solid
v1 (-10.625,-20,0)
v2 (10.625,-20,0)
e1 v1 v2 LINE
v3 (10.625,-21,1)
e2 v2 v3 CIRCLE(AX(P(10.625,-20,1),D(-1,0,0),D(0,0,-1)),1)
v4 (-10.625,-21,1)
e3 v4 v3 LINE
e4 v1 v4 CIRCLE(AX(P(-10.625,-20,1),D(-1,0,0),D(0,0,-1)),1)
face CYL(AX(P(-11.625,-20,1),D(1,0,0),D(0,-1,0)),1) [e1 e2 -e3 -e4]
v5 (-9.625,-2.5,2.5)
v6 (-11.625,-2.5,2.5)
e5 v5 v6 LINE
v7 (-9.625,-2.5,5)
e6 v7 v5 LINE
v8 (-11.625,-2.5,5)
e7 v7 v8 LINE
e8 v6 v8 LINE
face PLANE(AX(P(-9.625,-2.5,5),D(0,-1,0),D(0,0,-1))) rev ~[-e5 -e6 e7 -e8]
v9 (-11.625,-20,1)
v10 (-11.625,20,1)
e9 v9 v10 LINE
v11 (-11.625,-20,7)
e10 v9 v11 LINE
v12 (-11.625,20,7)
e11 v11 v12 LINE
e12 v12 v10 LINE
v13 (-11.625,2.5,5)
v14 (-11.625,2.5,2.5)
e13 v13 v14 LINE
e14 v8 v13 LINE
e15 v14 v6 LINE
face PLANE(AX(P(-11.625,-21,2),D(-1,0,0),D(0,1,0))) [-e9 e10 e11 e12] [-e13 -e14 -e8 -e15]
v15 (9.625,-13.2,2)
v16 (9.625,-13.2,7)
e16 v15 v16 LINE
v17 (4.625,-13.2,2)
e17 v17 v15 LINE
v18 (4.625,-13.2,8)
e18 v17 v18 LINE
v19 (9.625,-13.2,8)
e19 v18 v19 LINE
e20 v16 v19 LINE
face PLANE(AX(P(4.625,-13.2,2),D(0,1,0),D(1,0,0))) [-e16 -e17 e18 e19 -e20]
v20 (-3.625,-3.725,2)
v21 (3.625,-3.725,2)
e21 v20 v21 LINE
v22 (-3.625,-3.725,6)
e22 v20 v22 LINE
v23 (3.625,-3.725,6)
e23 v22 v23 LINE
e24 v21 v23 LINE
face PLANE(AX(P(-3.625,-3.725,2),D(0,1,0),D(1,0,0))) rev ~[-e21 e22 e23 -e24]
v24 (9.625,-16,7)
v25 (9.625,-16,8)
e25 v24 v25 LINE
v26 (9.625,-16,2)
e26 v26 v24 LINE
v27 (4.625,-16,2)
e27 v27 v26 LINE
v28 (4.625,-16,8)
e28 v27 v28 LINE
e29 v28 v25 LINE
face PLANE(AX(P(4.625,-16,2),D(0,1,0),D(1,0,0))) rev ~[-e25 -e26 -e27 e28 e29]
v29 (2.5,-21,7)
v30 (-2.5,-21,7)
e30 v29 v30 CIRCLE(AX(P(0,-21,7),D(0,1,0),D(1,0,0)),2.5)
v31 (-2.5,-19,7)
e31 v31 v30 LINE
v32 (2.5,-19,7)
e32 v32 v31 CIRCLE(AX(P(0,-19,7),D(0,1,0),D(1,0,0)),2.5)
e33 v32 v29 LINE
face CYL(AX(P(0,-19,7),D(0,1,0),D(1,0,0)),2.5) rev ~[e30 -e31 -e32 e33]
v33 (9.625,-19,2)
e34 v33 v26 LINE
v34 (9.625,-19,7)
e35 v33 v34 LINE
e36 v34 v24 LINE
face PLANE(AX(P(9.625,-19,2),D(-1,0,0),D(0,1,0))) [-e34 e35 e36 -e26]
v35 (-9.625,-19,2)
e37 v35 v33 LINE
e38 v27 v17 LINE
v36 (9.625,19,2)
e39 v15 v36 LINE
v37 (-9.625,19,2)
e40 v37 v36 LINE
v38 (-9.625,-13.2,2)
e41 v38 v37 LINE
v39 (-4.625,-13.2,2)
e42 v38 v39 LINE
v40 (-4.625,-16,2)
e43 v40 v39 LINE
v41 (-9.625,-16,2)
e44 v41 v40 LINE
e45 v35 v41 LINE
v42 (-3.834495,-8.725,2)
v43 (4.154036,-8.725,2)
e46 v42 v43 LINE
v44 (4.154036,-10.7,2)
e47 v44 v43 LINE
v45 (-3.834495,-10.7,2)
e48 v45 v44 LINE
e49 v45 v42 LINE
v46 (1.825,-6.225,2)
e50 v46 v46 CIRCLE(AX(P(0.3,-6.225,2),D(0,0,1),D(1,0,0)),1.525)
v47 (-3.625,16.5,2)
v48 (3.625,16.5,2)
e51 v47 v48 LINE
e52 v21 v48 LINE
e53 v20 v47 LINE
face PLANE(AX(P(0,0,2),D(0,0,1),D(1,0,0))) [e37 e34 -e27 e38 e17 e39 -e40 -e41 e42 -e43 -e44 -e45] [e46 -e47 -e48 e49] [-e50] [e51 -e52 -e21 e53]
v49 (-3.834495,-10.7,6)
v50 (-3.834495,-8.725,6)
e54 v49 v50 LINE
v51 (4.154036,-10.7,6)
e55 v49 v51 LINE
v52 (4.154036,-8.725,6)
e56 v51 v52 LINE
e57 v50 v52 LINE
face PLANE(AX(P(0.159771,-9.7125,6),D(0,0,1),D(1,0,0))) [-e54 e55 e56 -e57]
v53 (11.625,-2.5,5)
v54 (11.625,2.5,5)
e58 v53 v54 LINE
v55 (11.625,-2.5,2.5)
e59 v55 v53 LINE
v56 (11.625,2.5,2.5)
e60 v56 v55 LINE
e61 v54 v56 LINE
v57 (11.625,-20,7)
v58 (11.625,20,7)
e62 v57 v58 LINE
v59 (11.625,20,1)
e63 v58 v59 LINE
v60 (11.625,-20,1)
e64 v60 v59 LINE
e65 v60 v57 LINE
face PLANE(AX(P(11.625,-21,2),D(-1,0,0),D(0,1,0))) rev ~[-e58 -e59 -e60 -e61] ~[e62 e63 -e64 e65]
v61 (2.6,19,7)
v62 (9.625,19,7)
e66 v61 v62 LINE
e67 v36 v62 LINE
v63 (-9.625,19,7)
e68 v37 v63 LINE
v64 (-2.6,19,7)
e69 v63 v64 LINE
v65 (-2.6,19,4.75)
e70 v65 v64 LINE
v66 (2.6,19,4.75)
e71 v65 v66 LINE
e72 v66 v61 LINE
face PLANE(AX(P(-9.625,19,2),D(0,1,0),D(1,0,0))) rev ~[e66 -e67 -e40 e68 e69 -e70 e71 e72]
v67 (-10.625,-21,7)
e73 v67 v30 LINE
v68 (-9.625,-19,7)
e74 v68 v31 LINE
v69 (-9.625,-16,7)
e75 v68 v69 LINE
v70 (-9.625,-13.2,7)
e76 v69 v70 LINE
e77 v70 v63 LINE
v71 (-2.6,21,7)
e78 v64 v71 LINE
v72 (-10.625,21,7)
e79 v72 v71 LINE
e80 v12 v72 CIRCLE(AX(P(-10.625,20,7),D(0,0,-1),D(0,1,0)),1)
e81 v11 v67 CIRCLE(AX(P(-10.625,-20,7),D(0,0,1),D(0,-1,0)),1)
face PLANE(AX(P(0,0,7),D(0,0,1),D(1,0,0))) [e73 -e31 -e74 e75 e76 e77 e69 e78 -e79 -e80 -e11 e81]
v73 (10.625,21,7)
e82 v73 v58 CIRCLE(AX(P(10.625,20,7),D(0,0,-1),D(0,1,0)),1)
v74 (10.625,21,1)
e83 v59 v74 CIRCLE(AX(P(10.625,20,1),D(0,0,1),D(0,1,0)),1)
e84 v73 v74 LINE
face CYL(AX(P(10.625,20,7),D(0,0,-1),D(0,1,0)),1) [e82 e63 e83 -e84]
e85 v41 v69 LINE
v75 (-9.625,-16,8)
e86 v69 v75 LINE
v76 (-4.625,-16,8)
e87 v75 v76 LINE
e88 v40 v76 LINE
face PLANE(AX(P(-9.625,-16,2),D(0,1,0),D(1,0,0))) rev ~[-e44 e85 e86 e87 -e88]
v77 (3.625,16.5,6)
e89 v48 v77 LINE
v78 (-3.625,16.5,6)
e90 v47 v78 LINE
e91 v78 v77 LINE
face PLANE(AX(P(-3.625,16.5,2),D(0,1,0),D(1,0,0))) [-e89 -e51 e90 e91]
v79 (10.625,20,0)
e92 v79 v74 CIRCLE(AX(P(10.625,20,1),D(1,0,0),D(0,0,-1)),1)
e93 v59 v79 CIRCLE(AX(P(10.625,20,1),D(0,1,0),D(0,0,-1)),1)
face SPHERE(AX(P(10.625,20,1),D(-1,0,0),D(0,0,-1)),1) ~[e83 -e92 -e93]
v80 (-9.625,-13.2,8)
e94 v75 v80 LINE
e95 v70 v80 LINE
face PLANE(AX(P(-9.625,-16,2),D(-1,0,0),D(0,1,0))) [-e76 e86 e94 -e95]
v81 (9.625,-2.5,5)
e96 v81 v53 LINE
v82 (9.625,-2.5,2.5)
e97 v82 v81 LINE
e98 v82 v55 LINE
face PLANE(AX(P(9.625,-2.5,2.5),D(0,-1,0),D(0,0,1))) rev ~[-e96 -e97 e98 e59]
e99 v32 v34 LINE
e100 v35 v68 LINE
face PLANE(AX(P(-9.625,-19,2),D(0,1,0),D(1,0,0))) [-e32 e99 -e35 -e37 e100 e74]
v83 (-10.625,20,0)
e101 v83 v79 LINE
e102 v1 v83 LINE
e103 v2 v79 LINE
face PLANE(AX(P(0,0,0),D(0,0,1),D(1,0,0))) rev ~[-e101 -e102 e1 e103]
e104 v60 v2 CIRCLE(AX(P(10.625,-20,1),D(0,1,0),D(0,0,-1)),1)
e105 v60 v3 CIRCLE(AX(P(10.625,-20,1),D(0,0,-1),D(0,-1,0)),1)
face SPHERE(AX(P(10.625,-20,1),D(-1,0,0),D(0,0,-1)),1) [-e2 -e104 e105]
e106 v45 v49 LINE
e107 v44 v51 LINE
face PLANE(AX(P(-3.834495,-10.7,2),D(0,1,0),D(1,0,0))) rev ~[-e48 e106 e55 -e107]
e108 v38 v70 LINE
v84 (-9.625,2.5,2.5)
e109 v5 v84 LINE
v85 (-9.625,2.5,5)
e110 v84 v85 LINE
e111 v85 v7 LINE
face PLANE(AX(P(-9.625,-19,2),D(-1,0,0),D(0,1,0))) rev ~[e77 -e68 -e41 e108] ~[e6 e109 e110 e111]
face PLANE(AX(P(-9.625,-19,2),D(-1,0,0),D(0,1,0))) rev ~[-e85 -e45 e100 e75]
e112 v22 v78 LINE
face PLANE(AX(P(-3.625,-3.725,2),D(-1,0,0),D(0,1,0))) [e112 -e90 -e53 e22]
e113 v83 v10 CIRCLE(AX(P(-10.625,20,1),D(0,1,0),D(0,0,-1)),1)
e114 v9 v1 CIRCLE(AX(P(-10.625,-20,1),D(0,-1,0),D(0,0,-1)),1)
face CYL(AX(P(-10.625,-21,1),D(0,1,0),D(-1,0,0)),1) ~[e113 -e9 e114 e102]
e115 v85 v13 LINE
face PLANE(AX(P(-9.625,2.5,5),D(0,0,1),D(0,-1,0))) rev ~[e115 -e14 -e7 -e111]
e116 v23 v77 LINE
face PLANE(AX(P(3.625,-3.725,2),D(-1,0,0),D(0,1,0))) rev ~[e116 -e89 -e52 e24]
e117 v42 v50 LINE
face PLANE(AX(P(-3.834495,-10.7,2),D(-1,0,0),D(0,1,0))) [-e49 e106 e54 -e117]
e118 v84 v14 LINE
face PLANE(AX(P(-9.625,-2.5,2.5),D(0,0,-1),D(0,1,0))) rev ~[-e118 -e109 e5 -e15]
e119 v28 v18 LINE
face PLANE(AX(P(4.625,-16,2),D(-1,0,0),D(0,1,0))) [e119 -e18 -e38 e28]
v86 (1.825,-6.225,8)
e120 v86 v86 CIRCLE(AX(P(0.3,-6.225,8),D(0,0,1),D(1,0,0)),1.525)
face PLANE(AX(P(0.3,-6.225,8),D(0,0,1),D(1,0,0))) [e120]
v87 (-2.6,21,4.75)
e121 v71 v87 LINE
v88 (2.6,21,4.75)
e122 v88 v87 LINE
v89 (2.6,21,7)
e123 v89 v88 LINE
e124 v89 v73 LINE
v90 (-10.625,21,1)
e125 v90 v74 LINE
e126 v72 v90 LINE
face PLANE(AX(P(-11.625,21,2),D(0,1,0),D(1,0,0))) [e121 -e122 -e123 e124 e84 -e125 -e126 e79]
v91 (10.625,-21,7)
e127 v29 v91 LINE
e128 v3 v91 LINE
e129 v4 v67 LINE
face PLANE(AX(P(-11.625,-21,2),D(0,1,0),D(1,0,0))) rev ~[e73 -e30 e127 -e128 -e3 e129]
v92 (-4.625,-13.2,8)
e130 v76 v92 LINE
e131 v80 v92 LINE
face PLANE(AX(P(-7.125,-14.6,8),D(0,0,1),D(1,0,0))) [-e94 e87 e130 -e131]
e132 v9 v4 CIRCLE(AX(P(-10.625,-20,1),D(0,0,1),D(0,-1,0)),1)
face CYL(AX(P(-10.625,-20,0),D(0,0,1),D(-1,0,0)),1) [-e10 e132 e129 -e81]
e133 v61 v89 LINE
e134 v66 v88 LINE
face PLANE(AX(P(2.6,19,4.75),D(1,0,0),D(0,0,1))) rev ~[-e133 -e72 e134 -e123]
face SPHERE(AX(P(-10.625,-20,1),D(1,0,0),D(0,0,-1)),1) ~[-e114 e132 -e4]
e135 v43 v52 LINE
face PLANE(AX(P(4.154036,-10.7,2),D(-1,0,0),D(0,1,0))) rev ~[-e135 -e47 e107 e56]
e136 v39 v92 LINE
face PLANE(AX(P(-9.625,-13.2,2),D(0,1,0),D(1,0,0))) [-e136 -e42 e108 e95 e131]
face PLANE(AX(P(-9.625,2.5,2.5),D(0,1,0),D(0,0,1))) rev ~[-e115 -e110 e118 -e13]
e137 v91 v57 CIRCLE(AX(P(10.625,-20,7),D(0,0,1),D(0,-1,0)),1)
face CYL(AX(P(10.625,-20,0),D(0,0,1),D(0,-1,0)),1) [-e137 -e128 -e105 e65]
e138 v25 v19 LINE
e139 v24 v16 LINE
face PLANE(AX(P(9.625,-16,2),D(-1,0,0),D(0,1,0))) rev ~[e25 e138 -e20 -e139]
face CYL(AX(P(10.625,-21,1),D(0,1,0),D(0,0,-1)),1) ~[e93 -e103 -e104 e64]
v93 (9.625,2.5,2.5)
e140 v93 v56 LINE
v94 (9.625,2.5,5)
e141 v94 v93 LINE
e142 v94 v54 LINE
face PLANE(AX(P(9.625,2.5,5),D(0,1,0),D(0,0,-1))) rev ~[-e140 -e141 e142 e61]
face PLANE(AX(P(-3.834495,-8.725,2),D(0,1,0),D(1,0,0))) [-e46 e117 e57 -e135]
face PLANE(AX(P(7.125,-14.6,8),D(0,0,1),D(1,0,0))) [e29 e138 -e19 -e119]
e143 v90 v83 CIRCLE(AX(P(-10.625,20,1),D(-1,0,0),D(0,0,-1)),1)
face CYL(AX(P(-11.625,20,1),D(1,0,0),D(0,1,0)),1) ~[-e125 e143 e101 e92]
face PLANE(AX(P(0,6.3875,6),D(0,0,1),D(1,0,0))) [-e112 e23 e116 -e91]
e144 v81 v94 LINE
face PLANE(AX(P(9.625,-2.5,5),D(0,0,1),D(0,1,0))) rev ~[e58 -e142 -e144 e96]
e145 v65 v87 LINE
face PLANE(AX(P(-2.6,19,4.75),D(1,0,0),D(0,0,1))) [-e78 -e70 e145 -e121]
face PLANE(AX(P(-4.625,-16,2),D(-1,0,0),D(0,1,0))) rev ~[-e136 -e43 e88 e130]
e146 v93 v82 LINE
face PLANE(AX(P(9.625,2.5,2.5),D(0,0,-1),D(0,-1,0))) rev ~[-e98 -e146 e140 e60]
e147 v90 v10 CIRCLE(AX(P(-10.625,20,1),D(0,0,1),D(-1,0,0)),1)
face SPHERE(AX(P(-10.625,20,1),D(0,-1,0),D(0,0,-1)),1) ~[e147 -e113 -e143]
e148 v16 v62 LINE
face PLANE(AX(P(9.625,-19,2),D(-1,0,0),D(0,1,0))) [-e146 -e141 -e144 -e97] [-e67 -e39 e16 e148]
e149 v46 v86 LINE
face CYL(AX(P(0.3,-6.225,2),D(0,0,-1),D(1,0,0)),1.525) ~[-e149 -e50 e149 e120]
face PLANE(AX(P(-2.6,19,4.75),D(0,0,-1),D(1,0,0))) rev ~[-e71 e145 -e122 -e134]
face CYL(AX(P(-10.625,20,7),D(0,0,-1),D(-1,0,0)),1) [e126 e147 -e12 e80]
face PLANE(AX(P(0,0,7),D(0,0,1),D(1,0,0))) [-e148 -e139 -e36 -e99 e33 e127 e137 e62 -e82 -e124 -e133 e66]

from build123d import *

# Parameters (mm, degrees)
SKETCH1_W           = 23.25
SKETCH1_H           = 42
BOSS_EXTRUDE1_DEPTH = 2
SKETCH2_W           = 23.25
SKETCH2_H           = 42
SKETCH2_W_2         = 19.25
SKETCH2_H_2         = 38
BOSS_EXTRUDE2_DEPTH = 5
SKETCH3_R           = 1.525
SKETCH3_W           = 5
SKETCH3_H           = 2.8
BOSS_EXTRUDE3_DEPTH = 6
SKETCH4_W           = 7.25
SKETCH4_H           = 20.225
SKETCH4_W_2         = 7.988530752
SKETCH4_H_2         = 1.975
BOSS_EXTRUDE4_DEPTH = 4
SKETCH5_W           = 5.2
SKETCH5_H           = 4.5
CUT_EXTRUDE1_DEPTH  = 3
CUT_EXTRUDE3_DEPTH  = 3
CUT_EXTRUDE4_DEPTH  = 3
CUT_EXTRUDE5_DEPTH  = 3
FILLET1_R           = 1


with BuildPart() as part:
    # Sketch1 → Boss-Extrude1 (new body)
    with BuildSketch(Plane.XY):
        Rectangle(SKETCH1_W, SKETCH1_H)
    extrude(amount=BOSS_EXTRUDE1_DEPTH)

    # Sketch2 → Boss-Extrude2 (add)
    with BuildSketch(Plane.XY.offset(2)):
        Rectangle(SKETCH2_W, SKETCH2_H)
        Rectangle(SKETCH2_W_2, SKETCH2_H_2, mode=Mode.SUBTRACT)
    extrude(amount=BOSS_EXTRUDE2_DEPTH)

    # Sketch3 → Boss-Extrude3 (add)
    with BuildSketch(Plane.XY.offset(2)):
        with Locations((0.3, -6.225)):
            Circle(SKETCH3_R)
        with Locations((-7.125, -14.6)):
            Rectangle(SKETCH3_W, SKETCH3_H)
        with Locations((7.125, -14.6)):
            Rectangle(SKETCH3_W, SKETCH3_H)
    extrude(amount=BOSS_EXTRUDE3_DEPTH)

    # Sketch4 → Boss-Extrude4 (add)
    with BuildSketch(Plane.XY.offset(2)):
        with Locations((0, 6.3875)):
            Rectangle(SKETCH4_W, SKETCH4_H)
        with Locations((0.159770615, -9.7125)):
            Rectangle(SKETCH4_W_2, SKETCH4_H_2)
    extrude(amount=BOSS_EXTRUDE4_DEPTH)

    # Sketch5 → Cut-Extrude1 (cut, through all)
    with BuildSketch(Plane.XZ.offset(-19)):
        with Locations((0, 7)):
            Rectangle(SKETCH5_W, SKETCH5_H)
    extrude(amount=-CUT_EXTRUDE1_DEPTH, mode=Mode.SUBTRACT)

    # Sketch6 → Cut-Extrude3 (cut, through all)
    with BuildSketch(Plane(origin=(0, -19, 0), x_dir=(1, 0, 0), z_dir=(0, 1, 0))):
        with BuildLine():
            Line((-2.5, -7), (2.5, -7))
            ThreePointArc((2.5, -7), (0, -4.5), (-2.5, -7))
        make_face()
    extrude(amount=-CUT_EXTRUDE3_DEPTH, mode=Mode.SUBTRACT)

    # Sketch7 → Cut-Extrude4 (cut, through all)
    with BuildSketch(Plane(origin=(-9.625, 0, 0), x_dir=(0, 0, -1), z_dir=(1, 0, 0))):
        Polygon((-2.5, 0), (-2.5, 2.5), (-5, 2.5), (-5, -2.5), (-2.5, -2.5), align=None)
    extrude(amount=-CUT_EXTRUDE4_DEPTH, mode=Mode.SUBTRACT)

    # Sketch8 → Cut-Extrude5 (cut, through all)
    with BuildSketch(Plane.ZY.offset(-9.625)):
        Polygon((2.5, 0), (2.5, -2.5), (5, -2.5), (5, 2.5), (2.5, 2.5), align=None)
    extrude(amount=-CUT_EXTRUDE5_DEPTH, mode=Mode.SUBTRACT)

    # Fillet1
    fillet1_edges = [part.edges().sort_by_distance(p)[0] for p in [
        (0, -21, 0),
        (-11.625, 0, 0),
        (0, 21, 0),
        (11.625, 0, 0),
        (11.625, -21, 3.5),
        (-11.625, -21, 3.5),
        (-11.625, 21, 3.5),
        (11.625, 21, 3.5),
    ]]
    fillet(fillet1_edges, radius=FILLET1_R)


solid = part.part
